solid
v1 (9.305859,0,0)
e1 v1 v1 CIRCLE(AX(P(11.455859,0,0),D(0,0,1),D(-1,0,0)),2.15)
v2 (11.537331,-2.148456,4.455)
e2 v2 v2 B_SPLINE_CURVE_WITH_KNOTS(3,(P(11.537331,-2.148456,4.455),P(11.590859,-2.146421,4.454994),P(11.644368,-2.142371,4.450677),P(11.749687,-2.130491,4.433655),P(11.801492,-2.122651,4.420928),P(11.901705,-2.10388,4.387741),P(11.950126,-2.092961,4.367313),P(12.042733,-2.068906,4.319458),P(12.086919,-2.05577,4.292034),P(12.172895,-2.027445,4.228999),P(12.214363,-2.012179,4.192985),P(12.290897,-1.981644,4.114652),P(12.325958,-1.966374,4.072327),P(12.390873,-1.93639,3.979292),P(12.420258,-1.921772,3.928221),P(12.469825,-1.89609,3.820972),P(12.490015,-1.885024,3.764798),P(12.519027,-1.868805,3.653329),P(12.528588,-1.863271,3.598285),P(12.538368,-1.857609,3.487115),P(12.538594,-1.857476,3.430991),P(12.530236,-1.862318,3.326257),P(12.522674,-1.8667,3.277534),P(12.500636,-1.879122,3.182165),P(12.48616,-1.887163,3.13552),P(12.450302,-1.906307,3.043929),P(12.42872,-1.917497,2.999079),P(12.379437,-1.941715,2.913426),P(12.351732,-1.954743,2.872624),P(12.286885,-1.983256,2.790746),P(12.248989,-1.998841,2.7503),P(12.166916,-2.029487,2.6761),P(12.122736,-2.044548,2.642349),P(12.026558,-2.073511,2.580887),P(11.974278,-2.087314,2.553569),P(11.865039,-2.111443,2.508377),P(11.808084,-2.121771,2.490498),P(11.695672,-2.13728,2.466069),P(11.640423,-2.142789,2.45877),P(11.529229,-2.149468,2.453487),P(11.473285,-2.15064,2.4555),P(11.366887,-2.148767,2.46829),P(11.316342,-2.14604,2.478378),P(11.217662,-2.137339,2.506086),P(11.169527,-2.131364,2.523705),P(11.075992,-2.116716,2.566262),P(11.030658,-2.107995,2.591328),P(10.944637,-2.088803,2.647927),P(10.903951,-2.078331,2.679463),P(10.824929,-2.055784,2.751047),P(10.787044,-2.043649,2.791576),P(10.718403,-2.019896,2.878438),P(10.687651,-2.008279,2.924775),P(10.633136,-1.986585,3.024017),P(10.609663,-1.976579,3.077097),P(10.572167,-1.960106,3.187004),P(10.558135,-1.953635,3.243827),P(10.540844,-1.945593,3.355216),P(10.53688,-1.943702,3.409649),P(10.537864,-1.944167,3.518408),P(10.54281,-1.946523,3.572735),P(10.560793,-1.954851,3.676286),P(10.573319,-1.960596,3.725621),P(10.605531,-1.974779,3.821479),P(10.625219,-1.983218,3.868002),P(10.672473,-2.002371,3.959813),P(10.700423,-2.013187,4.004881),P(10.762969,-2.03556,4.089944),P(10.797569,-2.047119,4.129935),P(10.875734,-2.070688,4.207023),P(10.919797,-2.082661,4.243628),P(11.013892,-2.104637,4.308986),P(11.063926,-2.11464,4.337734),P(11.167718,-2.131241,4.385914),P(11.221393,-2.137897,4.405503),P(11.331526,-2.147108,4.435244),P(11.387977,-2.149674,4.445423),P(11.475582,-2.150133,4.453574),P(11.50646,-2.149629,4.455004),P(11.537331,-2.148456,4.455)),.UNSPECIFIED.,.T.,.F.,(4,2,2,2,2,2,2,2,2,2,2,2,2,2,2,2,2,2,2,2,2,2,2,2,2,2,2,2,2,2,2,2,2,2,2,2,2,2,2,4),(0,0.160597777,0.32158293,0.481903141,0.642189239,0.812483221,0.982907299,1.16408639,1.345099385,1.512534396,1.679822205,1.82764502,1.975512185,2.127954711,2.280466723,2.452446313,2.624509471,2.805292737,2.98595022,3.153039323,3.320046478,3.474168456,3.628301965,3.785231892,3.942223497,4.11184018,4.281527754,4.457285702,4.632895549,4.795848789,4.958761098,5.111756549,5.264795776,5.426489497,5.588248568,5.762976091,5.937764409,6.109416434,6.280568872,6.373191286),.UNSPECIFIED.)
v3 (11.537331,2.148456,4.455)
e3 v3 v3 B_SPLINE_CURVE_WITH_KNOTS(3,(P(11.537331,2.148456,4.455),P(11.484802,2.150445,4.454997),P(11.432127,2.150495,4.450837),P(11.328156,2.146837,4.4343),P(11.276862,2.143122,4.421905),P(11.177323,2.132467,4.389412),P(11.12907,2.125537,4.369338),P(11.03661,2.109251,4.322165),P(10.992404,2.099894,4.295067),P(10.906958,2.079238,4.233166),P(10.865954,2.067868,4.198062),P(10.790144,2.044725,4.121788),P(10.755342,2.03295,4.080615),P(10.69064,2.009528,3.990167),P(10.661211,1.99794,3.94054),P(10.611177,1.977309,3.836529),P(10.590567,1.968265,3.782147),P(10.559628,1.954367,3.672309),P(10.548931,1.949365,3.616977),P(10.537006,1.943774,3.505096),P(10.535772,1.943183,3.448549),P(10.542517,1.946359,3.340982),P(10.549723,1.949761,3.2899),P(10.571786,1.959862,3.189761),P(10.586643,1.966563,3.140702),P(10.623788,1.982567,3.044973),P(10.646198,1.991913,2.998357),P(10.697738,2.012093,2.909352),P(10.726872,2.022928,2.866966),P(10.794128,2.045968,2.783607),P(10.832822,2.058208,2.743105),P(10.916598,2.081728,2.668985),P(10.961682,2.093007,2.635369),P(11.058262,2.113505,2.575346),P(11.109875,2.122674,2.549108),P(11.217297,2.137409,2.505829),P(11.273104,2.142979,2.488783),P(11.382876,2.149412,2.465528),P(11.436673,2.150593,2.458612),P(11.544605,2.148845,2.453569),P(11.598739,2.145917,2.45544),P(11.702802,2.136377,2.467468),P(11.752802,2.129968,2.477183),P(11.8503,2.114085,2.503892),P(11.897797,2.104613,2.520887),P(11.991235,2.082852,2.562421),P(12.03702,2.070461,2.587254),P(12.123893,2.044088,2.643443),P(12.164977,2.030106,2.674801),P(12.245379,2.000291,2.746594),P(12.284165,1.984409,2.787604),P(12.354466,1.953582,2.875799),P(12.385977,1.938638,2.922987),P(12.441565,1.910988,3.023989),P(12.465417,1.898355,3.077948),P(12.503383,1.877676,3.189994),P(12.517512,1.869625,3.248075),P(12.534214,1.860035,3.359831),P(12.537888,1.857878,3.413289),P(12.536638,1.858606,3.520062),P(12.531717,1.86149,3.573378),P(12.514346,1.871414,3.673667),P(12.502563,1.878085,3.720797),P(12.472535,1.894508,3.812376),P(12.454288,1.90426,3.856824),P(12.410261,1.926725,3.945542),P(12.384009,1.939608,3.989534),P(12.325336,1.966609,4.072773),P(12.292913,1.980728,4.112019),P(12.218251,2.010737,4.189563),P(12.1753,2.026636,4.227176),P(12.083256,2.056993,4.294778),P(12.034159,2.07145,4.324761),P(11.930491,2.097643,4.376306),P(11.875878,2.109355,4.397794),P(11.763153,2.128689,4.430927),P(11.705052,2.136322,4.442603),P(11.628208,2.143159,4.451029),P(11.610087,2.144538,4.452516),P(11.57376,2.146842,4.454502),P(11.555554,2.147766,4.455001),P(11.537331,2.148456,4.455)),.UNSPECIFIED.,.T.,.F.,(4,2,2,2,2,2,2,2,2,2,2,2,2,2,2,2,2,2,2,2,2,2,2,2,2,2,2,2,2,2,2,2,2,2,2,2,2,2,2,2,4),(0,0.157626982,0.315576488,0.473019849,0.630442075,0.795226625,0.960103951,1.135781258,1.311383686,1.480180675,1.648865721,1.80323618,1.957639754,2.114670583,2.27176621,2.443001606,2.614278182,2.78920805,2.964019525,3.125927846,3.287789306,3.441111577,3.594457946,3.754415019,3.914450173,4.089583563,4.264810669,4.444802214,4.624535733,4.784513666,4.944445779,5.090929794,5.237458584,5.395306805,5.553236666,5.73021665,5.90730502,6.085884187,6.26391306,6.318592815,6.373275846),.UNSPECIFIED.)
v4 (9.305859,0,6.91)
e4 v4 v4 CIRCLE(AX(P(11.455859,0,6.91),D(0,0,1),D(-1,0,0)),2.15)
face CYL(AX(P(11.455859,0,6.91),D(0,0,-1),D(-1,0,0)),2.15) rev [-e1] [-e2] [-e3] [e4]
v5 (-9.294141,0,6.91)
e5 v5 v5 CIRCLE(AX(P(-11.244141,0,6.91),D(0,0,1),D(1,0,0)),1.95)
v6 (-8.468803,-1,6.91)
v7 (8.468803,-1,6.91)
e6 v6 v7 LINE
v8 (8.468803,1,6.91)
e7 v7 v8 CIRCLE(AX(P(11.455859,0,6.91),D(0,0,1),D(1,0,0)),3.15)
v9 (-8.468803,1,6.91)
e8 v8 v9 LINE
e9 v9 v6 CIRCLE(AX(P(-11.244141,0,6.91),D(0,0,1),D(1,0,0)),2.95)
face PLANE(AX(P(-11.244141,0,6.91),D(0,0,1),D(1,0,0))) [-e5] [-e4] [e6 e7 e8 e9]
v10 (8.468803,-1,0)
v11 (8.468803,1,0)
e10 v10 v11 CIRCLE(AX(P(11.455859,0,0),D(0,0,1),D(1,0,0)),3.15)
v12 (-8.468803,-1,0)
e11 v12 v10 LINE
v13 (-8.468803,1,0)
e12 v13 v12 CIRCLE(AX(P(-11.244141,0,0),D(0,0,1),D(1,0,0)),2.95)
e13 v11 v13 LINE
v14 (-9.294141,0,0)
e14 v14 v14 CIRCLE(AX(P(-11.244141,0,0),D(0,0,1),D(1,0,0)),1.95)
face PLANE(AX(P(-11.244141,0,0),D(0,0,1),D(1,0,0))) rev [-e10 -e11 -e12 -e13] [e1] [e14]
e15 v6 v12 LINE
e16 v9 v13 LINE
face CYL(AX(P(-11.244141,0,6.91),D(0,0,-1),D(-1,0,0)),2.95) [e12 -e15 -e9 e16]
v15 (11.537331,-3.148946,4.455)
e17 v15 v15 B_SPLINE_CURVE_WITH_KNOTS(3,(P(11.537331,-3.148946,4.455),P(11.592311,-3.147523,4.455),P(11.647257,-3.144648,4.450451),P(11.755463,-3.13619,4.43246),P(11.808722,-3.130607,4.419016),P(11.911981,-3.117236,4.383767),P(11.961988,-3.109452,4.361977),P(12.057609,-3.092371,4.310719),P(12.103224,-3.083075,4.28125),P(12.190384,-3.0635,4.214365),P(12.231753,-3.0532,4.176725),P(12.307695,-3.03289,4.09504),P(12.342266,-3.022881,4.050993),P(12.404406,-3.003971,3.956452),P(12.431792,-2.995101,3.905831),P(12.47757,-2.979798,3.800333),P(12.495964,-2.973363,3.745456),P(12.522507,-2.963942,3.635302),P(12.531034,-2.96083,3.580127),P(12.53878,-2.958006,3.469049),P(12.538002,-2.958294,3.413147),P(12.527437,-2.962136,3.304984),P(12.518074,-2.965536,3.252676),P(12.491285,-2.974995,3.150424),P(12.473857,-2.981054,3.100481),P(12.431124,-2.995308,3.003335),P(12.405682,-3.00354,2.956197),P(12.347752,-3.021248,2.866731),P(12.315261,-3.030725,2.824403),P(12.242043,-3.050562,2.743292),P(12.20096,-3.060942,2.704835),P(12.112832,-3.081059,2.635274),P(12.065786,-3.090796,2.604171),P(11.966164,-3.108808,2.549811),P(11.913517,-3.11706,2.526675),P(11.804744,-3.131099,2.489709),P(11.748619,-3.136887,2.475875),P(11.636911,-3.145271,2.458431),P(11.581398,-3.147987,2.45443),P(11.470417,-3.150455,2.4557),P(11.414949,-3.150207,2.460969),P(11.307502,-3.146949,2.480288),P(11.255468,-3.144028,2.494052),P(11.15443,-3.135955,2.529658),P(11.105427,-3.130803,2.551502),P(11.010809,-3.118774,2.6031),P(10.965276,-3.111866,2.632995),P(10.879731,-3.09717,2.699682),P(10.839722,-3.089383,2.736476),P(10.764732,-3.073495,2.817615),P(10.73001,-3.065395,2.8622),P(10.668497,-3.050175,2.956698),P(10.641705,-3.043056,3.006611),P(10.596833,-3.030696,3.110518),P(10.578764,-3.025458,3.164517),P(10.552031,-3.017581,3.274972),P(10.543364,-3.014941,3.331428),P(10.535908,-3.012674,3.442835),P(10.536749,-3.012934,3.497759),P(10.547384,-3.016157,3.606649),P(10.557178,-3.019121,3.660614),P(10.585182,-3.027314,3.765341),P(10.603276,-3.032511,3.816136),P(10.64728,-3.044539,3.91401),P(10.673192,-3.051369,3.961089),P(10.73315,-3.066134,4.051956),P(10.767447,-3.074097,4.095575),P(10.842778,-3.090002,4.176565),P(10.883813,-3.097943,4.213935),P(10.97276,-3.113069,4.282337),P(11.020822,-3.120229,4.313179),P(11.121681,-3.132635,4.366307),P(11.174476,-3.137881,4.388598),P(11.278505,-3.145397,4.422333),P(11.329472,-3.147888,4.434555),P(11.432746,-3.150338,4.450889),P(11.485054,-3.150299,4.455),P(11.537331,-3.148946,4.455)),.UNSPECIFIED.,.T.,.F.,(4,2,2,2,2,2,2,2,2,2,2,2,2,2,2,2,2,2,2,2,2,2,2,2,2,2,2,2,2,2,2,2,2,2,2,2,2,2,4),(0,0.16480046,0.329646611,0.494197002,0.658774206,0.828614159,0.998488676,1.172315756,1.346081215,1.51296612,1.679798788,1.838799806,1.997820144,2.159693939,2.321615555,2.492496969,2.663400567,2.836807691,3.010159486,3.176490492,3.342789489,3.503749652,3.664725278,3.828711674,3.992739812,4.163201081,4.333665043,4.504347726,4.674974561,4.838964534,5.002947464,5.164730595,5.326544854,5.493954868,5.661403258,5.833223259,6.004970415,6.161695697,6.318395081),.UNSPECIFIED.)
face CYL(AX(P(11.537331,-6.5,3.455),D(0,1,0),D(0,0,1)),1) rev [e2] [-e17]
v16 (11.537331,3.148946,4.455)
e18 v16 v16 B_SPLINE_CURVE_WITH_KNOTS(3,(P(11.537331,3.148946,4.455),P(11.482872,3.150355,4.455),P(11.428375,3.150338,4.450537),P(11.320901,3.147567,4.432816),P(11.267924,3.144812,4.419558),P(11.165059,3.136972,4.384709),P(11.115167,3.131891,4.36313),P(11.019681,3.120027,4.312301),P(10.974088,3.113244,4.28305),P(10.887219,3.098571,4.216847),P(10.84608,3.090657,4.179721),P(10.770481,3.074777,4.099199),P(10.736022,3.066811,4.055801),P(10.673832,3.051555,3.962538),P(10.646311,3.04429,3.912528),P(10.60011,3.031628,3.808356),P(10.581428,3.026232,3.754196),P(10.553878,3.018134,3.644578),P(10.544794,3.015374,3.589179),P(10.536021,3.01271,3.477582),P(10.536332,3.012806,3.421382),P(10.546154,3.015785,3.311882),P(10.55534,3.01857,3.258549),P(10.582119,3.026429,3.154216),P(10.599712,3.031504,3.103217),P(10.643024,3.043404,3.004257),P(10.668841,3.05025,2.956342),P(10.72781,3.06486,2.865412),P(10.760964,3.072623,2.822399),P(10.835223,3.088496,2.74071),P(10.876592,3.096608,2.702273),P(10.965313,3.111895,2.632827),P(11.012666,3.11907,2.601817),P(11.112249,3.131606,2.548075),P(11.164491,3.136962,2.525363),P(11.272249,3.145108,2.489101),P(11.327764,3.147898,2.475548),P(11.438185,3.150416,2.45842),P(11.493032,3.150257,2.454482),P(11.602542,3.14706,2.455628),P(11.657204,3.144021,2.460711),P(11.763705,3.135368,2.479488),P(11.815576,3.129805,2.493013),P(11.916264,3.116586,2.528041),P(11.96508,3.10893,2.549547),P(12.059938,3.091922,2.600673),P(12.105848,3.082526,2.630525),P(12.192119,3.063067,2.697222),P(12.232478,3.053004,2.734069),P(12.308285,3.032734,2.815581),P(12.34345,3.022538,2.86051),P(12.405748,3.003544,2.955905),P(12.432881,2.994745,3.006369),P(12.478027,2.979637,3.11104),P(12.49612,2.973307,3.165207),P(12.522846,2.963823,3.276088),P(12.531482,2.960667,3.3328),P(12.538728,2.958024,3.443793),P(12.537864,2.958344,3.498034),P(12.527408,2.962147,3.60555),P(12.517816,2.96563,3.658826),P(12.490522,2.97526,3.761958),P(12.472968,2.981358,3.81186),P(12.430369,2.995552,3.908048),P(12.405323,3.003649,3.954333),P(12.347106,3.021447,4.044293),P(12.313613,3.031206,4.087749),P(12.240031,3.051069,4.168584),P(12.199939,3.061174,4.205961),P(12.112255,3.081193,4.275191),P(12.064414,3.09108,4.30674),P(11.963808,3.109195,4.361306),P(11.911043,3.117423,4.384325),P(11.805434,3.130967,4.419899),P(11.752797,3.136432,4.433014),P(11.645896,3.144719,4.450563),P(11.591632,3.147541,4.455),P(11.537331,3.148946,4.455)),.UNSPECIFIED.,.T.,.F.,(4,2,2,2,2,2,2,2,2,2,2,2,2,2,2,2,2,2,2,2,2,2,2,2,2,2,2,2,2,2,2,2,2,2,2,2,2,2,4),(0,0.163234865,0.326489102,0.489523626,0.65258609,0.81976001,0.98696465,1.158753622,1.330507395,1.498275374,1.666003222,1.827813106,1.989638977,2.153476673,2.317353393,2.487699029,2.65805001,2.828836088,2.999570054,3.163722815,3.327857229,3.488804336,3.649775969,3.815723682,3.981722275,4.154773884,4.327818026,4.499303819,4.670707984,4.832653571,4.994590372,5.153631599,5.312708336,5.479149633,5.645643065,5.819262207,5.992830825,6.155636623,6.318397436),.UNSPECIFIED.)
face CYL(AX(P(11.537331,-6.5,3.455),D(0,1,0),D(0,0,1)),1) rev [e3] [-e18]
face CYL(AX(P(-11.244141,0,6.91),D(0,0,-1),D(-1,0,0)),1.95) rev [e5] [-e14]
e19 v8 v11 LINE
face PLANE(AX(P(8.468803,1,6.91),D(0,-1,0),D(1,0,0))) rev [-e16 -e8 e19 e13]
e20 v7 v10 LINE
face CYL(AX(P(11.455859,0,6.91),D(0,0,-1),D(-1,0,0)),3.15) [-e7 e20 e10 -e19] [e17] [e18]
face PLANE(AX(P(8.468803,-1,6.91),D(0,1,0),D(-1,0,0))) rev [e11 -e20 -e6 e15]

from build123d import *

# Parameters (mm, degrees)
SKETCH1_R         = 1.95
SKETCH1_R_2       = 2.15
MAIN_BODY_DEPTH   = 6.91
SKETCH2_R         = 1
TENDON_HOLE_DEPTH = 7.5


with BuildPart() as part:
    # Sketch1 → main body (new body)
    with BuildSketch(Plane.XY):
        with BuildLine():
            Line((8.468803388, 1), (-8.468803388, 1))
            ThreePointArc((-8.468803388, 1), (-14.194141206, 0), (-8.468803388, -1))
            Line((-8.468803388, -1), (8.468803388, -1))
            ThreePointArc((8.468803388, -1), (14.605858794, 0), (8.468803388, 1))
        make_face()
        with Locations((-11.244141206, 0)):
            Circle(SKETCH1_R, mode=Mode.SUBTRACT)
        with Locations((11.455858794, 0)):
            Circle(SKETCH1_R_2, mode=Mode.SUBTRACT)
    extrude(amount=MAIN_BODY_DEPTH)

    # Sketch2 → tendon hole (cut, symmetric)
    with BuildSketch(Plane(origin=(0, 1, 0), x_dir=(1, 0, 0), z_dir=(0, 1, 0))):
        with Locations((11.537331091, -3.455)):
            Circle(SKETCH2_R)
    extrude(amount=TENDON_HOLE_DEPTH, both=True, mode=Mode.SUBTRACT)


solid = part.part
